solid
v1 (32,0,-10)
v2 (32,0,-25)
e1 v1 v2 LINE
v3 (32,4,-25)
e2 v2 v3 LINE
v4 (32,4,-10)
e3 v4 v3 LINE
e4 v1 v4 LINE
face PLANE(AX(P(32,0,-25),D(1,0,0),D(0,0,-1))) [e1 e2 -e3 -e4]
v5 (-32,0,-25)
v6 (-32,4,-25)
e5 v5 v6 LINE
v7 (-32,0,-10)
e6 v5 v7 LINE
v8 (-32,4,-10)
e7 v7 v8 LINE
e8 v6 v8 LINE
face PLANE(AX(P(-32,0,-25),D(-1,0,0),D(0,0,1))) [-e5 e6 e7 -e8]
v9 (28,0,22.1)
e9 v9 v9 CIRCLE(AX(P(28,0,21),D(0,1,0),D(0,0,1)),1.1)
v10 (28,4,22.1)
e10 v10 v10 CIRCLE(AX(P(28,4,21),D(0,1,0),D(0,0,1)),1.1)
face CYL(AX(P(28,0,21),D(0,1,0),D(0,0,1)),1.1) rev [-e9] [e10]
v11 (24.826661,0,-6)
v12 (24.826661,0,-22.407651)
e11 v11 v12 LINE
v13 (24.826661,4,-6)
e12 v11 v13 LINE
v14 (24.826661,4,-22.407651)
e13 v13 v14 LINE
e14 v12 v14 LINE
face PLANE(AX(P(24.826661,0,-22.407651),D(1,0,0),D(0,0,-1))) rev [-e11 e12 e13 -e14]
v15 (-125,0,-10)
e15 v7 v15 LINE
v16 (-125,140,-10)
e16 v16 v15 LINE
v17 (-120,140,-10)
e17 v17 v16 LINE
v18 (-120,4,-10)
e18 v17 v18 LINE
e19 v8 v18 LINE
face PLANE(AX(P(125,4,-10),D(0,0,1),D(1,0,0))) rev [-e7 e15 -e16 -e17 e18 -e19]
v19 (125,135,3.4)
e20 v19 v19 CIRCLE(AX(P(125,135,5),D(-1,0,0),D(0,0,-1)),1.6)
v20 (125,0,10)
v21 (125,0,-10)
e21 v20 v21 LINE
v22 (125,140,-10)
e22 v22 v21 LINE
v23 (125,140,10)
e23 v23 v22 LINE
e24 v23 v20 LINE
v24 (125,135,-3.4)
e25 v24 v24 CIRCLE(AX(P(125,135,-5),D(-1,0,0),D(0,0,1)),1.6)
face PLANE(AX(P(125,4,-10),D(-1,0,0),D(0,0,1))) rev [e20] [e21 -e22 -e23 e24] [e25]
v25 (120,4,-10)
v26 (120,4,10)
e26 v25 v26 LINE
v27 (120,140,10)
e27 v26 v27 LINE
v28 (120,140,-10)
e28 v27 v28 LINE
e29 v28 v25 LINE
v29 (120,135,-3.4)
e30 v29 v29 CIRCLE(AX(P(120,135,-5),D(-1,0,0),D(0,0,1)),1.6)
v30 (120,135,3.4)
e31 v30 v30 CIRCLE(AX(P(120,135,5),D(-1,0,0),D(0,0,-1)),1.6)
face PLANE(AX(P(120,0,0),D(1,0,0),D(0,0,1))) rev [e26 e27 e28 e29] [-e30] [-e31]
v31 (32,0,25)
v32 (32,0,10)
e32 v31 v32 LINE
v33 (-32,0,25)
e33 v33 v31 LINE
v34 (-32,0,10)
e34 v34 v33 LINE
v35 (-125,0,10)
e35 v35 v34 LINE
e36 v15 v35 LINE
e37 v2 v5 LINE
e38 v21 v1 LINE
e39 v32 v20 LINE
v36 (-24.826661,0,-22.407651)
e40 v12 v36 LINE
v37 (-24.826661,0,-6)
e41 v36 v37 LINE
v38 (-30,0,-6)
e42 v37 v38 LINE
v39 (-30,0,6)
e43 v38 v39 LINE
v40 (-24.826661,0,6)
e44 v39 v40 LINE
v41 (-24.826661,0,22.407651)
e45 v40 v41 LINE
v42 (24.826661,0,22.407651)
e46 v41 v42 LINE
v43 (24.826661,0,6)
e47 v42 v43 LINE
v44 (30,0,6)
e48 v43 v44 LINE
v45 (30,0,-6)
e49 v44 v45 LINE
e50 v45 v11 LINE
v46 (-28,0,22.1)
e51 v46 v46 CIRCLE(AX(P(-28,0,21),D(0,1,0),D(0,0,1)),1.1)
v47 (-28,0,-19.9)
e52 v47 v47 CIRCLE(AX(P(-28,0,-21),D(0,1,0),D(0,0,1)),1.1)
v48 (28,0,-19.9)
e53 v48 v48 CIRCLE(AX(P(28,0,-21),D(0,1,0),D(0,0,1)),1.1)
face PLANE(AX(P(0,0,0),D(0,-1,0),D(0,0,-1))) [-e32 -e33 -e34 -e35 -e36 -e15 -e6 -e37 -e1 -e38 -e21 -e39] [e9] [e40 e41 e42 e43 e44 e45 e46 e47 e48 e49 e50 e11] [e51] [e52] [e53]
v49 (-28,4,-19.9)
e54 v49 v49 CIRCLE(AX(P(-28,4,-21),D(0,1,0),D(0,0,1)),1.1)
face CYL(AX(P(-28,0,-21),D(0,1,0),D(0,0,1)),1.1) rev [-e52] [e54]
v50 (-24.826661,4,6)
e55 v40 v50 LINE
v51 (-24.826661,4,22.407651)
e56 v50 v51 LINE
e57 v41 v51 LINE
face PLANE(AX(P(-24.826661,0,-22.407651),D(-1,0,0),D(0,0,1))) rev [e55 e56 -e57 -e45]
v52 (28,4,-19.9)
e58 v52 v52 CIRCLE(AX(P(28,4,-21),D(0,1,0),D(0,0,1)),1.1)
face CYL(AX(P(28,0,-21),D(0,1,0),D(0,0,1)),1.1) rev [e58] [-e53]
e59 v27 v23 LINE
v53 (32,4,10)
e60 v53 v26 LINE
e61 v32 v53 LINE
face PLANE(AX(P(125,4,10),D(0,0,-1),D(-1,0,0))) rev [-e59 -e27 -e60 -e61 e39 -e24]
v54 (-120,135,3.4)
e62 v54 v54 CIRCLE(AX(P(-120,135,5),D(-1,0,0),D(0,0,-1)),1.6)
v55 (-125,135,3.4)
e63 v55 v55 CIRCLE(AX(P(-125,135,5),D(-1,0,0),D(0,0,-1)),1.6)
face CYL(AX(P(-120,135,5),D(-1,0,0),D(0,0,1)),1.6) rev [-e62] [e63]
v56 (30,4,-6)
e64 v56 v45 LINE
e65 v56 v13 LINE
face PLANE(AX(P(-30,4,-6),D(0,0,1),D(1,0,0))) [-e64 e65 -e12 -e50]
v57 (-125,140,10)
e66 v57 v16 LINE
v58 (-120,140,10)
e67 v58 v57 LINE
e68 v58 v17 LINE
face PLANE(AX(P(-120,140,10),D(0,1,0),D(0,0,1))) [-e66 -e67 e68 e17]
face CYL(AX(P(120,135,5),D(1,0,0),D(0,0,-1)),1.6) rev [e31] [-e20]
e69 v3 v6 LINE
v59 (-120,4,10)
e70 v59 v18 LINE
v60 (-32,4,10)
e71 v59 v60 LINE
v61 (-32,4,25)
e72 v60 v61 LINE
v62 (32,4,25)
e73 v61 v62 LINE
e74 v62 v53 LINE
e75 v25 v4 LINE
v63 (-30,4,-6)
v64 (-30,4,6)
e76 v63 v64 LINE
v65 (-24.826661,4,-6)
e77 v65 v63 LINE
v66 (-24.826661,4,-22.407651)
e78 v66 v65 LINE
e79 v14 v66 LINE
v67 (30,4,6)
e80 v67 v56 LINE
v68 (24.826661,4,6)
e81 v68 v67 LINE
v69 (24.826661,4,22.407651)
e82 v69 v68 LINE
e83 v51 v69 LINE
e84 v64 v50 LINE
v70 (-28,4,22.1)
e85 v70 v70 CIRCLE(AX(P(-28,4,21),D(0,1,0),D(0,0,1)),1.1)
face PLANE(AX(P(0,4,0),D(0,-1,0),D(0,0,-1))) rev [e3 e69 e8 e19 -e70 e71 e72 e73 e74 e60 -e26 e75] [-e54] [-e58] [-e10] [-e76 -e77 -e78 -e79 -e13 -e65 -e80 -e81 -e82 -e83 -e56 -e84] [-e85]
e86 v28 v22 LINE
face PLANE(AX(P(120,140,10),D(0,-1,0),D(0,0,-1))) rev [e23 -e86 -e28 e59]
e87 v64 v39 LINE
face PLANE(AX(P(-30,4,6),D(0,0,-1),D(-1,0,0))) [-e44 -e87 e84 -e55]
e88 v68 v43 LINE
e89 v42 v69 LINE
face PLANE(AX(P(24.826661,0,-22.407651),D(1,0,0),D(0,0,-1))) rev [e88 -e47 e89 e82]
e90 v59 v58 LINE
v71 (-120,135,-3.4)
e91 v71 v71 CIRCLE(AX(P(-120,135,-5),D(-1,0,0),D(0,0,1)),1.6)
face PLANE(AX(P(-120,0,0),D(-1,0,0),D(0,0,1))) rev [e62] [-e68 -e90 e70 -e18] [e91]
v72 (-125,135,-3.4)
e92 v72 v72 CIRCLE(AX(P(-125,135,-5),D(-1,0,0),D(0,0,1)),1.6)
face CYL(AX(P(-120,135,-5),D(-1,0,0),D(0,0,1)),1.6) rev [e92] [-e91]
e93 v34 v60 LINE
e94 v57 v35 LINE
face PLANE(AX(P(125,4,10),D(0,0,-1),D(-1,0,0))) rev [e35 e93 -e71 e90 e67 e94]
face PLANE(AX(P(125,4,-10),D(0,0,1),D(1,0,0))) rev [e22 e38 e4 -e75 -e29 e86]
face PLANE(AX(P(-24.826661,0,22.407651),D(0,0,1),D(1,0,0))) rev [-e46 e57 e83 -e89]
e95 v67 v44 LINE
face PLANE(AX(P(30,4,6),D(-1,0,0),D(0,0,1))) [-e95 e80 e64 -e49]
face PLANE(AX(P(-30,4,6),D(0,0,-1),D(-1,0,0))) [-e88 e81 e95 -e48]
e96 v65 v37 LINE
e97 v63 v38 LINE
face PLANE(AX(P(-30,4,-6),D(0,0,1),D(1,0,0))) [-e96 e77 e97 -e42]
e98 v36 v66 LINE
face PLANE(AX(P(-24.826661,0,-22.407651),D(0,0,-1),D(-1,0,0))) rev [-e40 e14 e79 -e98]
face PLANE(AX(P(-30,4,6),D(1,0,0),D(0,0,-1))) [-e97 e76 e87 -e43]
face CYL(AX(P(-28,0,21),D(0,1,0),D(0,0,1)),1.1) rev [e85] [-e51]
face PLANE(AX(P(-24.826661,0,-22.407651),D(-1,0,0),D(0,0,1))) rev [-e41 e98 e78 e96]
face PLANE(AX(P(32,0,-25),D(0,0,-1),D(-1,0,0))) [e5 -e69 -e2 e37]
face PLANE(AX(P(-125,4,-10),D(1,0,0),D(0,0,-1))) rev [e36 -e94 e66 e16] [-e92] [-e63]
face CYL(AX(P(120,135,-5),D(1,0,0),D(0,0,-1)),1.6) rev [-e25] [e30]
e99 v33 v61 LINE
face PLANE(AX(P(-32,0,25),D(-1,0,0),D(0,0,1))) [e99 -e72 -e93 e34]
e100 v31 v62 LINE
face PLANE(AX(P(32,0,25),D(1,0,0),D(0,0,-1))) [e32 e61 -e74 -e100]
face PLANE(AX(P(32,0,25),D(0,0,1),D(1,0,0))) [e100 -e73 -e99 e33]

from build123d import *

# Parameters (mm, degrees)
SKETCH_1_W          = 250
SKETCH_1_H          = 20
SKETCH_1_W_2        = 60
SKETCH_1_H_2        = 12
EXTRUDE_1_DEPTH     = 4
SKETCH_2_W          = 20
SKETCH_2_H          = 140
SKETCH_2_R          = 1.6
EXTRUDE_2_DEPTH     = 5
SKETCH_3_W          = 64
SKETCH_3_H          = 15
SKETCH_3_R          = 1.1
EXTRUDE_3_DEPTH     = 4
SKETCH_4_W          = 49.65332139
SKETCH_4_H          = 44.815301216
CUT_EXTRUDE_1_DEPTH = 4


with BuildPart() as part:
    # 草图1 → 凸台-拉伸1 (new body)
    with BuildSketch(Plane(origin=(0, 0, 0), x_dir=(1, 0, 0), z_dir=(0, 1, 0))):
        Rectangle(SKETCH_1_W, SKETCH_1_H)
        Rectangle(SKETCH_1_W_2, SKETCH_1_H_2, mode=Mode.SUBTRACT)
    extrude(amount=EXTRUDE_1_DEPTH)

    # 草图2 → 凸台-拉伸2 (add)
    with BuildSketch(Plane.ZY.offset(125)):
        with Locations((0, 70)):
            Rectangle(SKETCH_2_W, SKETCH_2_H)
        with Locations((-5, 135)):
            Circle(SKETCH_2_R, mode=Mode.SUBTRACT)
        with Locations(Location((5, 135, 0), (0, 0, 180))):
            Circle(SKETCH_2_R, mode=Mode.SUBTRACT)
    extrude_2 = extrude(amount=-EXTRUDE_2_DEPTH)

    # 镜向1: 凸台-拉伸2 across plane
    add(extrude_2.mirror(Plane(origin=(0, 0, 0), x_dir=(0, 0, 1), z_dir=(1, 0, 0))))

    # 草图3 → 凸台-拉伸3 (add)
    # profile 1 of 2: a face of its own
    with BuildSketch(Plane(origin=(0, 4, 0), x_dir=(1, 0, 0), z_dir=(0, 1, 0))):
        with Locations((0, 17.5)):
            Rectangle(SKETCH_3_W, SKETCH_3_H)
        with Locations(Location((-28, 21, 0), (0, 0, 270))):
            Circle(SKETCH_3_R, mode=Mode.SUBTRACT)
        with Locations(Location((28, 21, 0), (0, 0, 270))):
            Circle(SKETCH_3_R, mode=Mode.SUBTRACT)
    # profile 2 of 2: a face of its own
    with BuildSketch(Plane(origin=(0, 4, 0), x_dir=(1, 0, 0), z_dir=(0, 1, 0))):
        with Locations((0, -17.5)):
            Rectangle(SKETCH_3_W, SKETCH_3_H)
        with Locations(Location((-28, -21, 0), (0, 0, 270))):
            Circle(SKETCH_3_R, mode=Mode.SUBTRACT)
        with Locations(Location((28, -21, 0), (0, 0, 270))):
            Circle(SKETCH_3_R, mode=Mode.SUBTRACT)
    extrude(amount=-EXTRUDE_3_DEPTH)

    # 草图4 → 切除-拉伸1 (cut)
    with BuildSketch(Plane(origin=(0, 4, 0), x_dir=(1, 0, 0), z_dir=(0, 1, 0))):
        Rectangle(SKETCH_4_W, SKETCH_4_H)
    extrude(amount=-CUT_EXTRUDE_1_DEPTH, mode=Mode.SUBTRACT)


solid = part.part
